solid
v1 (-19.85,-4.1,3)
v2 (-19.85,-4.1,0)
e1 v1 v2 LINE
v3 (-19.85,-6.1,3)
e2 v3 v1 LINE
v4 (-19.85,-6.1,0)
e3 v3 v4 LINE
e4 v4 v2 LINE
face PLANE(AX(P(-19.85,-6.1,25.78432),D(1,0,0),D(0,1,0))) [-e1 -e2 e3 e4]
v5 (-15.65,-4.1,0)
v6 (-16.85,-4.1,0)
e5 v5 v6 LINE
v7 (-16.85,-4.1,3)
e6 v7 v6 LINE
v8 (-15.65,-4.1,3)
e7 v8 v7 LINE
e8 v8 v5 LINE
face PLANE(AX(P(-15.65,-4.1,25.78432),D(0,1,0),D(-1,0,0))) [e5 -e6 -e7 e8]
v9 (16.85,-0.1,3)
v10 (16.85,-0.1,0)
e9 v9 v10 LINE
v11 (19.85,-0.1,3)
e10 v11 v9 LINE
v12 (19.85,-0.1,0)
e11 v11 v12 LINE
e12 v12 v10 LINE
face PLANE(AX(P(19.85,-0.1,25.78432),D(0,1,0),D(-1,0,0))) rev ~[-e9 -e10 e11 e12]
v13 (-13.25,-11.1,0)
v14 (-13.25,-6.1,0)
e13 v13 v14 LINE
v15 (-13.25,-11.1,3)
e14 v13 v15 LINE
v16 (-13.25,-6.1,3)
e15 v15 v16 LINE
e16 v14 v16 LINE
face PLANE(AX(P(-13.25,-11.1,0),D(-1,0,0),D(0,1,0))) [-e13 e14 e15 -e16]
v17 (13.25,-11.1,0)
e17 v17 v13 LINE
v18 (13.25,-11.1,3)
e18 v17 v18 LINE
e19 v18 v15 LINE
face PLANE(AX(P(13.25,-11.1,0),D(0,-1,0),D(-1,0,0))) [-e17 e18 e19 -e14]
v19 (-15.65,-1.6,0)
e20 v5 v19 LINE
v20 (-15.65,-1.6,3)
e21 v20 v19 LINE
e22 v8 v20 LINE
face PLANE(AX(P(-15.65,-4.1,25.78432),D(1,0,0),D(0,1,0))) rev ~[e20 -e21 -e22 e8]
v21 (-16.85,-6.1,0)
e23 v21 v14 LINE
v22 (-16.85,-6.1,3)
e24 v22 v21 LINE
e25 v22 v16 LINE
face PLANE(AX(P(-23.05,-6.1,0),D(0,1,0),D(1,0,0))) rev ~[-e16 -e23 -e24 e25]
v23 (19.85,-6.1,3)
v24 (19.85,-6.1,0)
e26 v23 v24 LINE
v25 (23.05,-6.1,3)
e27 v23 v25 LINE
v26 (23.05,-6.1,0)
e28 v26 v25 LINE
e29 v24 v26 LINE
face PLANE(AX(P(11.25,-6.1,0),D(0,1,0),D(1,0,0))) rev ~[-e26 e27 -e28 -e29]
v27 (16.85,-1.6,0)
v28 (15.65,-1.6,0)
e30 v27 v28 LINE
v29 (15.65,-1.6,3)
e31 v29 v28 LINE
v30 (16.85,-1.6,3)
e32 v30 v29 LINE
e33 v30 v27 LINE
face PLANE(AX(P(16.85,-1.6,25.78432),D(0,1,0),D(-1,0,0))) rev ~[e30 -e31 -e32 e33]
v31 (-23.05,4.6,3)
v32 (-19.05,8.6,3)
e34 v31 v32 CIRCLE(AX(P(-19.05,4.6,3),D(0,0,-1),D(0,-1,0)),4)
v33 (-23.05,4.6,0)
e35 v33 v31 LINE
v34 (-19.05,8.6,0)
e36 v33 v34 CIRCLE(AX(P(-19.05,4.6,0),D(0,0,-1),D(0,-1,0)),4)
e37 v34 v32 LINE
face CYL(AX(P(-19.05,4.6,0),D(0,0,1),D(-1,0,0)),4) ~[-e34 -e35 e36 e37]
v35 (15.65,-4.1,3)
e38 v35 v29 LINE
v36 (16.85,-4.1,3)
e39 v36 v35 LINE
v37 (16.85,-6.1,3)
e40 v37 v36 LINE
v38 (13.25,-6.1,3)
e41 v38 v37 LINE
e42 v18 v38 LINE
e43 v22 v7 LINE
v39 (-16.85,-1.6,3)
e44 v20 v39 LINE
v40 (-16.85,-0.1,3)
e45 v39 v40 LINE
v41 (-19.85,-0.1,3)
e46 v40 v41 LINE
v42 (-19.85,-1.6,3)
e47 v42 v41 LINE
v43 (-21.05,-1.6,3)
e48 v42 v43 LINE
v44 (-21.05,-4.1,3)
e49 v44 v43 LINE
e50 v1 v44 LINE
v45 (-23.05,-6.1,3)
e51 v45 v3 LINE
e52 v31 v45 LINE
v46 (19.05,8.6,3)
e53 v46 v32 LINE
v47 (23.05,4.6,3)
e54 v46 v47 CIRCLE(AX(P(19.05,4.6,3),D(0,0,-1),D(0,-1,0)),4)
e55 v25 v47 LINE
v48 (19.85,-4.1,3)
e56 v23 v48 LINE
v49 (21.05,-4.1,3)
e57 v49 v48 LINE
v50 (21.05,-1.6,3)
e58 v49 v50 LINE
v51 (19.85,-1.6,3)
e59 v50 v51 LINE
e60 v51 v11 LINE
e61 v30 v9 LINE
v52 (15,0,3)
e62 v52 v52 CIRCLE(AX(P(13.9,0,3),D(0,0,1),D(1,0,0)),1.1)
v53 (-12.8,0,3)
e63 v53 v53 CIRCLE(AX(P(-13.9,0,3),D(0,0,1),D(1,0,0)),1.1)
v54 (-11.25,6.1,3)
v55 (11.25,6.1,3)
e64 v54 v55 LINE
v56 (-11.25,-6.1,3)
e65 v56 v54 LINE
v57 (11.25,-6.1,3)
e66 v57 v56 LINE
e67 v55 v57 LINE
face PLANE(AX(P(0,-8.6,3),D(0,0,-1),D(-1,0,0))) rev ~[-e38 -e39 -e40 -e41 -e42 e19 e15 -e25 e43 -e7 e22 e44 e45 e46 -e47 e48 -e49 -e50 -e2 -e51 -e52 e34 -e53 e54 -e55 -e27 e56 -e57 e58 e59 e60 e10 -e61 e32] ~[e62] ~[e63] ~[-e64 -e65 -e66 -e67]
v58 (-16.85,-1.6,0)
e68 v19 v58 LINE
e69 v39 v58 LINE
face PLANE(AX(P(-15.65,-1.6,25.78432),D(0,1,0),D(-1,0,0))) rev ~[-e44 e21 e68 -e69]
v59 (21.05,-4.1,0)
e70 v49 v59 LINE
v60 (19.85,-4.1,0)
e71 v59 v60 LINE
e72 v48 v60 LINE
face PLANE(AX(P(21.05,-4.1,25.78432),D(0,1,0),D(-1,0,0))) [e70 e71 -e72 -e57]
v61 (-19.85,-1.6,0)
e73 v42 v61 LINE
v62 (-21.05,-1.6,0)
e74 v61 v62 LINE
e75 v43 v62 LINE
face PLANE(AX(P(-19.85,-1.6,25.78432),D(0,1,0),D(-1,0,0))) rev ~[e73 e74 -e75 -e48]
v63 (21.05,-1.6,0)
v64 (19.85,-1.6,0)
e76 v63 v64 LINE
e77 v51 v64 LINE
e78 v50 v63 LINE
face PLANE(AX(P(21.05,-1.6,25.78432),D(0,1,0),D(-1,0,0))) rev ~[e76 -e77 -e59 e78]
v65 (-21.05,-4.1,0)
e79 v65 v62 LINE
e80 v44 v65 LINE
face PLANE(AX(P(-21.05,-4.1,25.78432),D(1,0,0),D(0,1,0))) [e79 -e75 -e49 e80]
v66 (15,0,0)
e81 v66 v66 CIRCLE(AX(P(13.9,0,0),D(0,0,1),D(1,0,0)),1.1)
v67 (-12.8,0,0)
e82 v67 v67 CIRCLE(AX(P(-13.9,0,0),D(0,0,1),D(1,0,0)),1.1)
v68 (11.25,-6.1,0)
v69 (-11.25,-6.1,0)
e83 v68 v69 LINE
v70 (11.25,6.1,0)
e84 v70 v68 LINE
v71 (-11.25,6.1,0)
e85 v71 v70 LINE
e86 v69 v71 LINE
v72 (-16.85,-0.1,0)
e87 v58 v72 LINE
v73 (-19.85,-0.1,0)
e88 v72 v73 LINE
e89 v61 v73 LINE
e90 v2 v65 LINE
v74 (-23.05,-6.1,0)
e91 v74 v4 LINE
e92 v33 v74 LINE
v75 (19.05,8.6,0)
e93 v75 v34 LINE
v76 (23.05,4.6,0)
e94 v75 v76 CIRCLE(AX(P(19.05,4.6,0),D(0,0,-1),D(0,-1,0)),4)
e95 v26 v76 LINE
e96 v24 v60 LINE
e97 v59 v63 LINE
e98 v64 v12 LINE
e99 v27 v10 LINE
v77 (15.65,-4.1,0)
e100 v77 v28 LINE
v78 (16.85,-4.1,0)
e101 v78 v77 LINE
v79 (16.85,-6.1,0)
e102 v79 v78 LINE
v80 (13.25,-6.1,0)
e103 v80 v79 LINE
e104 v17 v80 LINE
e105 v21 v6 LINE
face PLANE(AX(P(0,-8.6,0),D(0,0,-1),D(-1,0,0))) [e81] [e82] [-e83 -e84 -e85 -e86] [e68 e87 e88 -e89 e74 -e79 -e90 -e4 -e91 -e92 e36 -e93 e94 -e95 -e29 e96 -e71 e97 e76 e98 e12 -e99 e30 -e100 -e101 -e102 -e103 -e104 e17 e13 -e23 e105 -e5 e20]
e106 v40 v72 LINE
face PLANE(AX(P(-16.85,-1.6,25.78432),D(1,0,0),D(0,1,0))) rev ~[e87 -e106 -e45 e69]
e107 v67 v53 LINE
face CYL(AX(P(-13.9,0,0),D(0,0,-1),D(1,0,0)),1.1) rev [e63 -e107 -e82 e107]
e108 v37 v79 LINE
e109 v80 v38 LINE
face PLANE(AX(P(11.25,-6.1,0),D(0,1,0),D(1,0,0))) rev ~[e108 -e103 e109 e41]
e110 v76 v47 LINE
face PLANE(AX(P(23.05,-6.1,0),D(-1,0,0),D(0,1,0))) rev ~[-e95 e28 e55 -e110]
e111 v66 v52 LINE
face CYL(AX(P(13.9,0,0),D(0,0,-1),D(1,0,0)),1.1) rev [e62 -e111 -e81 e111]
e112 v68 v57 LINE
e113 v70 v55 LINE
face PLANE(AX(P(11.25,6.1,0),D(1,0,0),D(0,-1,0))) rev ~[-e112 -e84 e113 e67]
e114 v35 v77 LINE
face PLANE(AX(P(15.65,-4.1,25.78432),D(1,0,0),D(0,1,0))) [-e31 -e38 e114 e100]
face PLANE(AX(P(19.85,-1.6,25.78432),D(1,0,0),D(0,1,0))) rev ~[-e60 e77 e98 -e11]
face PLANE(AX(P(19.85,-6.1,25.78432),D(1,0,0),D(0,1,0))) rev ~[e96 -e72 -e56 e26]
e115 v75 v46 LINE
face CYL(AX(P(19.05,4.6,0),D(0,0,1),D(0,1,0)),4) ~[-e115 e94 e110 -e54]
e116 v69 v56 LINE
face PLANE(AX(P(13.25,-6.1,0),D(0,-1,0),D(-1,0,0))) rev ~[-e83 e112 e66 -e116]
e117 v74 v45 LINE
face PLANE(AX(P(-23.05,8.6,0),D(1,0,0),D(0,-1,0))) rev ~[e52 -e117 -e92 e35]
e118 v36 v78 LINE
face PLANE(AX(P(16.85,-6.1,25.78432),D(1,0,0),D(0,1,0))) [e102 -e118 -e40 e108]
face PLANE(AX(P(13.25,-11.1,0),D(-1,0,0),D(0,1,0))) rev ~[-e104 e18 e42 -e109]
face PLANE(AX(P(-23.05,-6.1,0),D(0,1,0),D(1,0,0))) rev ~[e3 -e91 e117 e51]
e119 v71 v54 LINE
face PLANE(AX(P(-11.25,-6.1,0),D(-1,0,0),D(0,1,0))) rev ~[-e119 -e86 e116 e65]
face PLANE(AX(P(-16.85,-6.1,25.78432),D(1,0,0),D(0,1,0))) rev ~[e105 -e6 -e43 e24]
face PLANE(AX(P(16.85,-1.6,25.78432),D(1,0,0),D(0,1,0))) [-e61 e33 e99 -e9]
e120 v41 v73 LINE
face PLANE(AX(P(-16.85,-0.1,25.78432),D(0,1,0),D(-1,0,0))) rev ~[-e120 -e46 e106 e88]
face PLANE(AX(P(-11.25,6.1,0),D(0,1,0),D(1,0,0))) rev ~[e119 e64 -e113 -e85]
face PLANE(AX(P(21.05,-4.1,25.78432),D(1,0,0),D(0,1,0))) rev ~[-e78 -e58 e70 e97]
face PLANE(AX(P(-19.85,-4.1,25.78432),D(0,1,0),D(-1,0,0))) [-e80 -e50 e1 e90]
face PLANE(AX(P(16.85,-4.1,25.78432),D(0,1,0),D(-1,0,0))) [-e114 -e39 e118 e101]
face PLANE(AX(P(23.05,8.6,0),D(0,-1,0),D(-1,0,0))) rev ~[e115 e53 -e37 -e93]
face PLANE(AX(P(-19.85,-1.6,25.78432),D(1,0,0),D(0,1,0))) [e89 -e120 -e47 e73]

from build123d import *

# Parameters (mm, degrees)
SKETCH1_R               = 1.1
BOSS_EXTRUDE1_DEPTH     = 3
FILLET1_R               = 4
CUT_EXTRUDE1_DEPTH      = 10
CUT_EXTRUDE1_DEPTH_BACK = 25.78431964
SKETCH3_W               = 26.5
SKETCH3_H               = 5
BOSS_EXTRUDE2_DEPTH     = 3


with BuildPart() as part:
    # Sketch1 → Boss-Extrude1 (new body)
    with BuildSketch(Plane.XY):
        Polygon((-23.05, 8.6), (-23.05, -6.1), (-11.25, -6.1), (-11.25, 6.1), (11.25, 6.1), (11.25, -6.1), (23.05, -6.1), (23.05, 8.6), align=None)
        with Locations((-13.9, 0)):
            Circle(SKETCH1_R, mode=Mode.SUBTRACT)
        with Locations((13.9, 0)):
            Circle(SKETCH1_R, mode=Mode.SUBTRACT)
    extrude(amount=BOSS_EXTRUDE1_DEPTH)

    # Fillet1
    fillet1_edges = [part.edges().sort_by_distance(p)[0] for p in [
        (-23.05, 8.6, 1.5),
        (23.05, 8.6, 1.5),
    ]]
    fillet(fillet1_edges, radius=FILLET1_R)

    # Sketch2 → Cut-Extrude1 (cut, two sides: drawn at the far end of the back side and taken through both)
    with BuildSketch(Plane(origin=(0, 0, 0), x_dir=(-1, 0, 0), z_dir=(0, 0, -1)).offset(-CUT_EXTRUDE1_DEPTH_BACK)):
        Polygon((-16.85, -0.1), (-19.85, -0.1), (-19.85, -1.6), (-21.05, -1.6), (-21.05, -4.1), (-19.85, -4.1), (-19.85, -6.1), (-16.85, -6.1), (-16.85, -4.1), (-15.65, -4.1), (-15.65, -1.6), (-16.85, -1.6), align=None)
        Polygon((19.85, -4.1), (21.05, -4.1), (21.05, -1.6), (19.85, -1.6), (19.85, -0.1), (16.85, -0.1), (16.85, -1.6), (15.65, -1.6), (15.65, -4.1), (16.85, -4.1), (16.85, -6.1), (19.85, -6.1), align=None)
    extrude(amount=CUT_EXTRUDE1_DEPTH + CUT_EXTRUDE1_DEPTH_BACK, mode=Mode.SUBTRACT)

    # Sketch3 → Boss-Extrude2 (add)
    with BuildSketch(Plane(origin=(0, 0, 0), x_dir=(-1, 0, 0), z_dir=(0, 0, -1))):
        with Locations((0, -8.6)):
            Rectangle(SKETCH3_W, SKETCH3_H)
    extrude(amount=-BOSS_EXTRUDE2_DEPTH)


solid = part.part
